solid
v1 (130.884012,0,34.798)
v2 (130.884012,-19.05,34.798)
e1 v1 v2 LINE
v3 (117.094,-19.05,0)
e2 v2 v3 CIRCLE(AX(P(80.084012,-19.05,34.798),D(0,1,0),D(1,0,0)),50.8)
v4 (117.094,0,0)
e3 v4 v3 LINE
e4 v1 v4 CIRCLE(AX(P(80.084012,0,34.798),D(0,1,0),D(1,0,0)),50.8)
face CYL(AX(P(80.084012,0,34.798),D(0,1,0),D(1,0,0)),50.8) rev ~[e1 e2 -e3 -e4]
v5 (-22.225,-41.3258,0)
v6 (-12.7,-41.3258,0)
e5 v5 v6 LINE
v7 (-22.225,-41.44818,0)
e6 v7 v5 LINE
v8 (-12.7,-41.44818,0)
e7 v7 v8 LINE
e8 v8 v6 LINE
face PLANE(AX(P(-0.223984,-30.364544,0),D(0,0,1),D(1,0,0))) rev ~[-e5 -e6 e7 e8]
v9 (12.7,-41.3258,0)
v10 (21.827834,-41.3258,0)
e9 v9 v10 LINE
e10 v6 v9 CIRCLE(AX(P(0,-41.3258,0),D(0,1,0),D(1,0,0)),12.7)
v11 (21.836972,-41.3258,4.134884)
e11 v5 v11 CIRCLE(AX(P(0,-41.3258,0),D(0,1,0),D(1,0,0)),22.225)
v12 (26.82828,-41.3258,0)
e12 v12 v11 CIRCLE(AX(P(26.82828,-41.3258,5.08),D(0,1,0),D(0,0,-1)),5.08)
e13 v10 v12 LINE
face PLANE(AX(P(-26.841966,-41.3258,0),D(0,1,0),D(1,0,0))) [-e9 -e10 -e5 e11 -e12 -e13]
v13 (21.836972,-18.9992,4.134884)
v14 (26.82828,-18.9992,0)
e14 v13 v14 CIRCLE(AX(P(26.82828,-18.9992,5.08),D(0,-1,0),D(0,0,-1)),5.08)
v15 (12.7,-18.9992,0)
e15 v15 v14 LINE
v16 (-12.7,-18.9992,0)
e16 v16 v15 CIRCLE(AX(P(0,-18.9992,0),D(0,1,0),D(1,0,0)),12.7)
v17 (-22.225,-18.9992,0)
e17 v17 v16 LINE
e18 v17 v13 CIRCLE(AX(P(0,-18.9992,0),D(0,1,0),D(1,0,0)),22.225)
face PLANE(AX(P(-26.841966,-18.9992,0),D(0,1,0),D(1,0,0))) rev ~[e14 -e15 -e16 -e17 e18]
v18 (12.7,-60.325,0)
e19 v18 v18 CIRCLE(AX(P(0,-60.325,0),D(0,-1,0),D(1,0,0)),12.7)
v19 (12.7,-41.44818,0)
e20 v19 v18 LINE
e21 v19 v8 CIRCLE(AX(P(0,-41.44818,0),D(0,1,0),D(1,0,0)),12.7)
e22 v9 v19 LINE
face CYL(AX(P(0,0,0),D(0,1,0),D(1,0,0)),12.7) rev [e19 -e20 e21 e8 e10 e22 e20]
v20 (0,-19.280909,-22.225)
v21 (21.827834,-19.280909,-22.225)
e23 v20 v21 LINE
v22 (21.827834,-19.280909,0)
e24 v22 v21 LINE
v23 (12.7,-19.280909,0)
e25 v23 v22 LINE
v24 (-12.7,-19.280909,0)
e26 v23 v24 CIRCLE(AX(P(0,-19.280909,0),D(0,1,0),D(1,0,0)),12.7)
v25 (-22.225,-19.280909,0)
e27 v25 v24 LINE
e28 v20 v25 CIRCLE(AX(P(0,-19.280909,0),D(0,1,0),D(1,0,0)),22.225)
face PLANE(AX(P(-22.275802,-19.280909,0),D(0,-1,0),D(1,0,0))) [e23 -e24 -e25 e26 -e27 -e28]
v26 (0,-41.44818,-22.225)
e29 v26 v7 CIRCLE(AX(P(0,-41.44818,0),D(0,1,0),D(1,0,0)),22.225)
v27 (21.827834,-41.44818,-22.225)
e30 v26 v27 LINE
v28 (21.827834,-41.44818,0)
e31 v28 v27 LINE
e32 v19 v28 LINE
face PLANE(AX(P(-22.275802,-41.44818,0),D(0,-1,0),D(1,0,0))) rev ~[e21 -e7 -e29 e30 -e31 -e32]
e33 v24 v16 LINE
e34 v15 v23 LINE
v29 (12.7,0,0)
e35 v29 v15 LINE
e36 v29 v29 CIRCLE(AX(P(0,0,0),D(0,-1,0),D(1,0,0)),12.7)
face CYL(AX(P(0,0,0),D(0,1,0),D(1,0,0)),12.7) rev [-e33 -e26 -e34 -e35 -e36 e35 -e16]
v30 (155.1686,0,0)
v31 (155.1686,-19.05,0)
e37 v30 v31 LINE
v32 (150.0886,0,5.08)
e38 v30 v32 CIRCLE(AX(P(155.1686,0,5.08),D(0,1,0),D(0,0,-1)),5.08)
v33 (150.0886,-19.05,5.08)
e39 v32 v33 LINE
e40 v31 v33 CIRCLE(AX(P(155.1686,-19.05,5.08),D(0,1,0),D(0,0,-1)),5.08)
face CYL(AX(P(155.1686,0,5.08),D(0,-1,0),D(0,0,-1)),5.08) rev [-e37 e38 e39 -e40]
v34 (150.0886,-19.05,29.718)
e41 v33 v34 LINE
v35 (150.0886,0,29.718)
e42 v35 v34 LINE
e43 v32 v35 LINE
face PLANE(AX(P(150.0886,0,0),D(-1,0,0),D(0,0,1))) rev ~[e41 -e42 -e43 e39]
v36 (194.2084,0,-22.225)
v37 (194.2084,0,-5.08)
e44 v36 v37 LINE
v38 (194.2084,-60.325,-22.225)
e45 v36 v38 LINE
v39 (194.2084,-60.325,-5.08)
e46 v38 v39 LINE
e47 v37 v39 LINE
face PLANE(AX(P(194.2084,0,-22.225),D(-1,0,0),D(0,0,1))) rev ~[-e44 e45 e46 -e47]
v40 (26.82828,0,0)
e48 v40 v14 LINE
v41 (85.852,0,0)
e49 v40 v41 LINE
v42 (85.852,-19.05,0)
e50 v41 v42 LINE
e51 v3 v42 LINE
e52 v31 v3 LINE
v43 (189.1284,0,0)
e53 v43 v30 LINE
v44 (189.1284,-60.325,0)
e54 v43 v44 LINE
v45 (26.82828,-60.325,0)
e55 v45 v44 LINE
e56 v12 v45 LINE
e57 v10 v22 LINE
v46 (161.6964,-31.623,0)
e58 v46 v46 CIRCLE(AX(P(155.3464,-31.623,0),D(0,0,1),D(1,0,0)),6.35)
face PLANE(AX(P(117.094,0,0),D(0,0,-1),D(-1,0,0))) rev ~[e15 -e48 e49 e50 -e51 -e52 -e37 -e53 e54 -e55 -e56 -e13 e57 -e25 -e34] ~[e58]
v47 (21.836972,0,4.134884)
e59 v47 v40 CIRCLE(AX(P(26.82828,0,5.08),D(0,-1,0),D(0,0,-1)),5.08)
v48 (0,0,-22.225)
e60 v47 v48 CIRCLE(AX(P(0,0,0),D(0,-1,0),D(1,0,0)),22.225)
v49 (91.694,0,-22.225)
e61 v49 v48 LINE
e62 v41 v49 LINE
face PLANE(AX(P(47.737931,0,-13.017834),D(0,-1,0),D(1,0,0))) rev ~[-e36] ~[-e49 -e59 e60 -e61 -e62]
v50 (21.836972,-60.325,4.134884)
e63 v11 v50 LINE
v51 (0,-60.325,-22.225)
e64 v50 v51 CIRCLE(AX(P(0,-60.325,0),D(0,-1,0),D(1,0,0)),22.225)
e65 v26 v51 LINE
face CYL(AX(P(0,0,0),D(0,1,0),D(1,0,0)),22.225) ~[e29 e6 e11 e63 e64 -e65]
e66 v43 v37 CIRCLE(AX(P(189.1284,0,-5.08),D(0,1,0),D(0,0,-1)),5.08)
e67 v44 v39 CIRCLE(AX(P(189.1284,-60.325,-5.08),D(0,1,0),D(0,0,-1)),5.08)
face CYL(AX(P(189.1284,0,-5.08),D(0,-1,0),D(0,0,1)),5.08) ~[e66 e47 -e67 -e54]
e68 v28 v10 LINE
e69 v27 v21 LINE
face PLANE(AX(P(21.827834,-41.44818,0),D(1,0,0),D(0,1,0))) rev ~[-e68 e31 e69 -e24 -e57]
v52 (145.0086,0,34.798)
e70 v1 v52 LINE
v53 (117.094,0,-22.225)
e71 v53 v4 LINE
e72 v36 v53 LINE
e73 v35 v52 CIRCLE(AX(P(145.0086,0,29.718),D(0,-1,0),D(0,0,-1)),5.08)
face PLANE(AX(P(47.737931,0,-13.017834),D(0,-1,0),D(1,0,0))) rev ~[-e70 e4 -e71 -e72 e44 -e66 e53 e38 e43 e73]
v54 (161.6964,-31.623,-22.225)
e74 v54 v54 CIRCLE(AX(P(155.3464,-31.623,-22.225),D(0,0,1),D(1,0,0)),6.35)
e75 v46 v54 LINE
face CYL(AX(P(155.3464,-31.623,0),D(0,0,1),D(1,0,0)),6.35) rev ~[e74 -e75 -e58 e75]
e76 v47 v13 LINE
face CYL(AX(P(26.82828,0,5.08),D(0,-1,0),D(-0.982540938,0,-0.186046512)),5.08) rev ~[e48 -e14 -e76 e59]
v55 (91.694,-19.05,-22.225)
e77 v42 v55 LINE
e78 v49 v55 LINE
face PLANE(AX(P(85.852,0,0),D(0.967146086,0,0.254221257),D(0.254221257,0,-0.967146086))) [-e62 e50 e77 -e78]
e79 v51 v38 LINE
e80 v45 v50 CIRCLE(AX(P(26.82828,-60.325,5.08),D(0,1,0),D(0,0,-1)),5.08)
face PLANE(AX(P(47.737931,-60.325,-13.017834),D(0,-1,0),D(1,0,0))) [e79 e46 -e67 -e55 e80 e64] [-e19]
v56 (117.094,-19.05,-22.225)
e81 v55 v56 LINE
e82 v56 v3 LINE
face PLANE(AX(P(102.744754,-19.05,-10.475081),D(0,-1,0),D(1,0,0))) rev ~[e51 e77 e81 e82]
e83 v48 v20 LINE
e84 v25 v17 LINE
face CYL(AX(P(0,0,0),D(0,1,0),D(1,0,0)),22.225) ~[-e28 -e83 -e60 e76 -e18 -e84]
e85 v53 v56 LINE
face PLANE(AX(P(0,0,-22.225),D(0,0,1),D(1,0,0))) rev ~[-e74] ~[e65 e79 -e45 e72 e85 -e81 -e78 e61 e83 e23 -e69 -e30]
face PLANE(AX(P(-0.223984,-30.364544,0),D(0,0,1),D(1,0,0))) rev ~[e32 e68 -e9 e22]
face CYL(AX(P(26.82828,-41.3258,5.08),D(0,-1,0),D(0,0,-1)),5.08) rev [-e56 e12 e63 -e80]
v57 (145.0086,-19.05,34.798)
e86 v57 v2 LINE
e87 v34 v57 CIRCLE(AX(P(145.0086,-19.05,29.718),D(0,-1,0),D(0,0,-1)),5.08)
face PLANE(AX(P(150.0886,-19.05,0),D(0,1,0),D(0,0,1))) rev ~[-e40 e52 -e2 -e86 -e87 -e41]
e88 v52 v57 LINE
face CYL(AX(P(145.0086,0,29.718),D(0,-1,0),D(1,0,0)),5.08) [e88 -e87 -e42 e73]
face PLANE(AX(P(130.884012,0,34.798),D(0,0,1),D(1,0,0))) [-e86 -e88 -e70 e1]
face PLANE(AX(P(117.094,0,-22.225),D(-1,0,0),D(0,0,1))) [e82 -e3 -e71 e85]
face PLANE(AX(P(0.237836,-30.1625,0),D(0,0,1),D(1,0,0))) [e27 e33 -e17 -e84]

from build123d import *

# Parameters (mm, degrees)
F0_R      = 12.7
F0_W      = 19.2045877871
F0_H      = 34.798
F1_DEPTH  = 60.325
F2_W      = 54.1596032441
F2_H      = 22.3266
F3_DEPTH  = 34.799
F4_W      = 44.103635475
F4_H      = 22.1672710031
F5_DEPTH  = 25.4
F6_DEPTH  = 19.05
F7_DEPTH  = 19.05
F8_W      = 41.275
F8_H      = 34.798
F9_DEPTH  = 50.8
F10_R     = 6.35
F11_DEPTH = 22.226
F12_R     = 5.08


with BuildPart() as f1:
    # F0 (on Front) → F1 (new body)
    with BuildSketch(Plane.XZ):
        with BuildLine():
            Line((85.852, 0), (22.225, 0))
            ThreePointArc((22.225, 0), (15.7154482119, -15.7154482119), (0, -22.225))
            Line((0, -22.225), (91.694, -22.225))
            Line((91.694, -22.225), (85.852, 0))
        make_face()
        with BuildLine():
            ThreePointArc((0, -22.225), (15.7154482119, -15.7154482119), (22.225, 0))
            ThreePointArc((22.225, 0), (-15.7154482119, 15.7154482119), (0, -22.225))
        make_face()
        Circle(F0_R, mode=Mode.SUBTRACT)
        Polygon((130.8840122129, 0), (117.094, 0), (117.094, -22.225), (194.2084, -22.225), (194.2084, 0), (150.0886, 0), align=None)
        Polygon((117.094, 0), (85.852, 0), (91.694, -22.225), (117.094, -22.225), align=None)
        with BuildLine():
            ThreePointArc((130.8840122129, 34.798), (127.3108445203, 16.0825969798), (117.094, 0))
            Line((117.094, 0), (130.8840122129, 0))
            Line((130.8840122129, 0), (130.8840122129, 34.798))
        make_face()
        with Locations((140.4863061065, 17.399)):
            Rectangle(F0_W, F0_H)
    extrude(amount=F1_DEPTH)

    # F2 (on Top) → F3 (cut, through all)
    with BuildSketch(Plane.XY):
        with Locations((0.2378355712, -30.1625)):
            Rectangle(F2_W, F2_H)
    extrude(amount=F3_DEPTH, mode=Mode.SUBTRACT)

    # F4 (on Top) → F5 (cut)
    with BuildSketch(Plane.XY):
        with Locations((-0.2239840105, -30.3645441309)):
            Rectangle(F4_W, F4_H)
    extrude(amount=-F5_DEPTH, mode=Mode.SUBTRACT)

    # F0 (on Front) → F6 (cut)
    with BuildSketch(Plane.XZ):
        Polygon((117.094, 0), (85.852, 0), (91.694, -22.225), (117.094, -22.225), align=None)
    extrude(amount=-F6_DEPTH, mode=Mode.SUBTRACT)

    # F0 (on Front) → F7 (cut)
    with BuildSketch(Plane.XZ):
        Polygon((117.094, 0), (85.852, 0), (91.694, -22.225), (117.094, -22.225), align=None)
    extrude(amount=F7_DEPTH, mode=Mode.SUBTRACT)

    # F8 (on face) → F9 (cut)
    with BuildSketch(Plane.YZ.offset(150.0886)):
        with Locations((-39.6875, 17.399)):
            Rectangle(F8_W, F8_H)
    extrude(amount=-F9_DEPTH, mode=Mode.SUBTRACT)

    # F10 (on face) → F11 (cut, through all)
    with BuildSketch(Plane.XY):
        with Locations((155.3464, -31.623)):
            Circle(F10_R)
    extrude(amount=-F11_DEPTH, mode=Mode.SUBTRACT)

    # F12
    f12_edges = [f1.edges().sort_by_distance(p)[0] for p in [
        (150.0886, -9.525, 34.798),
        (150.0886, -9.525, 0),
        (194.2084, -30.1625, 0),
        (22.225, -50.8254, 0),
        (22.225, -9.4996, 0),
    ]]
    fillet(f12_edges, radius=F12_R)


solid = f1.part
